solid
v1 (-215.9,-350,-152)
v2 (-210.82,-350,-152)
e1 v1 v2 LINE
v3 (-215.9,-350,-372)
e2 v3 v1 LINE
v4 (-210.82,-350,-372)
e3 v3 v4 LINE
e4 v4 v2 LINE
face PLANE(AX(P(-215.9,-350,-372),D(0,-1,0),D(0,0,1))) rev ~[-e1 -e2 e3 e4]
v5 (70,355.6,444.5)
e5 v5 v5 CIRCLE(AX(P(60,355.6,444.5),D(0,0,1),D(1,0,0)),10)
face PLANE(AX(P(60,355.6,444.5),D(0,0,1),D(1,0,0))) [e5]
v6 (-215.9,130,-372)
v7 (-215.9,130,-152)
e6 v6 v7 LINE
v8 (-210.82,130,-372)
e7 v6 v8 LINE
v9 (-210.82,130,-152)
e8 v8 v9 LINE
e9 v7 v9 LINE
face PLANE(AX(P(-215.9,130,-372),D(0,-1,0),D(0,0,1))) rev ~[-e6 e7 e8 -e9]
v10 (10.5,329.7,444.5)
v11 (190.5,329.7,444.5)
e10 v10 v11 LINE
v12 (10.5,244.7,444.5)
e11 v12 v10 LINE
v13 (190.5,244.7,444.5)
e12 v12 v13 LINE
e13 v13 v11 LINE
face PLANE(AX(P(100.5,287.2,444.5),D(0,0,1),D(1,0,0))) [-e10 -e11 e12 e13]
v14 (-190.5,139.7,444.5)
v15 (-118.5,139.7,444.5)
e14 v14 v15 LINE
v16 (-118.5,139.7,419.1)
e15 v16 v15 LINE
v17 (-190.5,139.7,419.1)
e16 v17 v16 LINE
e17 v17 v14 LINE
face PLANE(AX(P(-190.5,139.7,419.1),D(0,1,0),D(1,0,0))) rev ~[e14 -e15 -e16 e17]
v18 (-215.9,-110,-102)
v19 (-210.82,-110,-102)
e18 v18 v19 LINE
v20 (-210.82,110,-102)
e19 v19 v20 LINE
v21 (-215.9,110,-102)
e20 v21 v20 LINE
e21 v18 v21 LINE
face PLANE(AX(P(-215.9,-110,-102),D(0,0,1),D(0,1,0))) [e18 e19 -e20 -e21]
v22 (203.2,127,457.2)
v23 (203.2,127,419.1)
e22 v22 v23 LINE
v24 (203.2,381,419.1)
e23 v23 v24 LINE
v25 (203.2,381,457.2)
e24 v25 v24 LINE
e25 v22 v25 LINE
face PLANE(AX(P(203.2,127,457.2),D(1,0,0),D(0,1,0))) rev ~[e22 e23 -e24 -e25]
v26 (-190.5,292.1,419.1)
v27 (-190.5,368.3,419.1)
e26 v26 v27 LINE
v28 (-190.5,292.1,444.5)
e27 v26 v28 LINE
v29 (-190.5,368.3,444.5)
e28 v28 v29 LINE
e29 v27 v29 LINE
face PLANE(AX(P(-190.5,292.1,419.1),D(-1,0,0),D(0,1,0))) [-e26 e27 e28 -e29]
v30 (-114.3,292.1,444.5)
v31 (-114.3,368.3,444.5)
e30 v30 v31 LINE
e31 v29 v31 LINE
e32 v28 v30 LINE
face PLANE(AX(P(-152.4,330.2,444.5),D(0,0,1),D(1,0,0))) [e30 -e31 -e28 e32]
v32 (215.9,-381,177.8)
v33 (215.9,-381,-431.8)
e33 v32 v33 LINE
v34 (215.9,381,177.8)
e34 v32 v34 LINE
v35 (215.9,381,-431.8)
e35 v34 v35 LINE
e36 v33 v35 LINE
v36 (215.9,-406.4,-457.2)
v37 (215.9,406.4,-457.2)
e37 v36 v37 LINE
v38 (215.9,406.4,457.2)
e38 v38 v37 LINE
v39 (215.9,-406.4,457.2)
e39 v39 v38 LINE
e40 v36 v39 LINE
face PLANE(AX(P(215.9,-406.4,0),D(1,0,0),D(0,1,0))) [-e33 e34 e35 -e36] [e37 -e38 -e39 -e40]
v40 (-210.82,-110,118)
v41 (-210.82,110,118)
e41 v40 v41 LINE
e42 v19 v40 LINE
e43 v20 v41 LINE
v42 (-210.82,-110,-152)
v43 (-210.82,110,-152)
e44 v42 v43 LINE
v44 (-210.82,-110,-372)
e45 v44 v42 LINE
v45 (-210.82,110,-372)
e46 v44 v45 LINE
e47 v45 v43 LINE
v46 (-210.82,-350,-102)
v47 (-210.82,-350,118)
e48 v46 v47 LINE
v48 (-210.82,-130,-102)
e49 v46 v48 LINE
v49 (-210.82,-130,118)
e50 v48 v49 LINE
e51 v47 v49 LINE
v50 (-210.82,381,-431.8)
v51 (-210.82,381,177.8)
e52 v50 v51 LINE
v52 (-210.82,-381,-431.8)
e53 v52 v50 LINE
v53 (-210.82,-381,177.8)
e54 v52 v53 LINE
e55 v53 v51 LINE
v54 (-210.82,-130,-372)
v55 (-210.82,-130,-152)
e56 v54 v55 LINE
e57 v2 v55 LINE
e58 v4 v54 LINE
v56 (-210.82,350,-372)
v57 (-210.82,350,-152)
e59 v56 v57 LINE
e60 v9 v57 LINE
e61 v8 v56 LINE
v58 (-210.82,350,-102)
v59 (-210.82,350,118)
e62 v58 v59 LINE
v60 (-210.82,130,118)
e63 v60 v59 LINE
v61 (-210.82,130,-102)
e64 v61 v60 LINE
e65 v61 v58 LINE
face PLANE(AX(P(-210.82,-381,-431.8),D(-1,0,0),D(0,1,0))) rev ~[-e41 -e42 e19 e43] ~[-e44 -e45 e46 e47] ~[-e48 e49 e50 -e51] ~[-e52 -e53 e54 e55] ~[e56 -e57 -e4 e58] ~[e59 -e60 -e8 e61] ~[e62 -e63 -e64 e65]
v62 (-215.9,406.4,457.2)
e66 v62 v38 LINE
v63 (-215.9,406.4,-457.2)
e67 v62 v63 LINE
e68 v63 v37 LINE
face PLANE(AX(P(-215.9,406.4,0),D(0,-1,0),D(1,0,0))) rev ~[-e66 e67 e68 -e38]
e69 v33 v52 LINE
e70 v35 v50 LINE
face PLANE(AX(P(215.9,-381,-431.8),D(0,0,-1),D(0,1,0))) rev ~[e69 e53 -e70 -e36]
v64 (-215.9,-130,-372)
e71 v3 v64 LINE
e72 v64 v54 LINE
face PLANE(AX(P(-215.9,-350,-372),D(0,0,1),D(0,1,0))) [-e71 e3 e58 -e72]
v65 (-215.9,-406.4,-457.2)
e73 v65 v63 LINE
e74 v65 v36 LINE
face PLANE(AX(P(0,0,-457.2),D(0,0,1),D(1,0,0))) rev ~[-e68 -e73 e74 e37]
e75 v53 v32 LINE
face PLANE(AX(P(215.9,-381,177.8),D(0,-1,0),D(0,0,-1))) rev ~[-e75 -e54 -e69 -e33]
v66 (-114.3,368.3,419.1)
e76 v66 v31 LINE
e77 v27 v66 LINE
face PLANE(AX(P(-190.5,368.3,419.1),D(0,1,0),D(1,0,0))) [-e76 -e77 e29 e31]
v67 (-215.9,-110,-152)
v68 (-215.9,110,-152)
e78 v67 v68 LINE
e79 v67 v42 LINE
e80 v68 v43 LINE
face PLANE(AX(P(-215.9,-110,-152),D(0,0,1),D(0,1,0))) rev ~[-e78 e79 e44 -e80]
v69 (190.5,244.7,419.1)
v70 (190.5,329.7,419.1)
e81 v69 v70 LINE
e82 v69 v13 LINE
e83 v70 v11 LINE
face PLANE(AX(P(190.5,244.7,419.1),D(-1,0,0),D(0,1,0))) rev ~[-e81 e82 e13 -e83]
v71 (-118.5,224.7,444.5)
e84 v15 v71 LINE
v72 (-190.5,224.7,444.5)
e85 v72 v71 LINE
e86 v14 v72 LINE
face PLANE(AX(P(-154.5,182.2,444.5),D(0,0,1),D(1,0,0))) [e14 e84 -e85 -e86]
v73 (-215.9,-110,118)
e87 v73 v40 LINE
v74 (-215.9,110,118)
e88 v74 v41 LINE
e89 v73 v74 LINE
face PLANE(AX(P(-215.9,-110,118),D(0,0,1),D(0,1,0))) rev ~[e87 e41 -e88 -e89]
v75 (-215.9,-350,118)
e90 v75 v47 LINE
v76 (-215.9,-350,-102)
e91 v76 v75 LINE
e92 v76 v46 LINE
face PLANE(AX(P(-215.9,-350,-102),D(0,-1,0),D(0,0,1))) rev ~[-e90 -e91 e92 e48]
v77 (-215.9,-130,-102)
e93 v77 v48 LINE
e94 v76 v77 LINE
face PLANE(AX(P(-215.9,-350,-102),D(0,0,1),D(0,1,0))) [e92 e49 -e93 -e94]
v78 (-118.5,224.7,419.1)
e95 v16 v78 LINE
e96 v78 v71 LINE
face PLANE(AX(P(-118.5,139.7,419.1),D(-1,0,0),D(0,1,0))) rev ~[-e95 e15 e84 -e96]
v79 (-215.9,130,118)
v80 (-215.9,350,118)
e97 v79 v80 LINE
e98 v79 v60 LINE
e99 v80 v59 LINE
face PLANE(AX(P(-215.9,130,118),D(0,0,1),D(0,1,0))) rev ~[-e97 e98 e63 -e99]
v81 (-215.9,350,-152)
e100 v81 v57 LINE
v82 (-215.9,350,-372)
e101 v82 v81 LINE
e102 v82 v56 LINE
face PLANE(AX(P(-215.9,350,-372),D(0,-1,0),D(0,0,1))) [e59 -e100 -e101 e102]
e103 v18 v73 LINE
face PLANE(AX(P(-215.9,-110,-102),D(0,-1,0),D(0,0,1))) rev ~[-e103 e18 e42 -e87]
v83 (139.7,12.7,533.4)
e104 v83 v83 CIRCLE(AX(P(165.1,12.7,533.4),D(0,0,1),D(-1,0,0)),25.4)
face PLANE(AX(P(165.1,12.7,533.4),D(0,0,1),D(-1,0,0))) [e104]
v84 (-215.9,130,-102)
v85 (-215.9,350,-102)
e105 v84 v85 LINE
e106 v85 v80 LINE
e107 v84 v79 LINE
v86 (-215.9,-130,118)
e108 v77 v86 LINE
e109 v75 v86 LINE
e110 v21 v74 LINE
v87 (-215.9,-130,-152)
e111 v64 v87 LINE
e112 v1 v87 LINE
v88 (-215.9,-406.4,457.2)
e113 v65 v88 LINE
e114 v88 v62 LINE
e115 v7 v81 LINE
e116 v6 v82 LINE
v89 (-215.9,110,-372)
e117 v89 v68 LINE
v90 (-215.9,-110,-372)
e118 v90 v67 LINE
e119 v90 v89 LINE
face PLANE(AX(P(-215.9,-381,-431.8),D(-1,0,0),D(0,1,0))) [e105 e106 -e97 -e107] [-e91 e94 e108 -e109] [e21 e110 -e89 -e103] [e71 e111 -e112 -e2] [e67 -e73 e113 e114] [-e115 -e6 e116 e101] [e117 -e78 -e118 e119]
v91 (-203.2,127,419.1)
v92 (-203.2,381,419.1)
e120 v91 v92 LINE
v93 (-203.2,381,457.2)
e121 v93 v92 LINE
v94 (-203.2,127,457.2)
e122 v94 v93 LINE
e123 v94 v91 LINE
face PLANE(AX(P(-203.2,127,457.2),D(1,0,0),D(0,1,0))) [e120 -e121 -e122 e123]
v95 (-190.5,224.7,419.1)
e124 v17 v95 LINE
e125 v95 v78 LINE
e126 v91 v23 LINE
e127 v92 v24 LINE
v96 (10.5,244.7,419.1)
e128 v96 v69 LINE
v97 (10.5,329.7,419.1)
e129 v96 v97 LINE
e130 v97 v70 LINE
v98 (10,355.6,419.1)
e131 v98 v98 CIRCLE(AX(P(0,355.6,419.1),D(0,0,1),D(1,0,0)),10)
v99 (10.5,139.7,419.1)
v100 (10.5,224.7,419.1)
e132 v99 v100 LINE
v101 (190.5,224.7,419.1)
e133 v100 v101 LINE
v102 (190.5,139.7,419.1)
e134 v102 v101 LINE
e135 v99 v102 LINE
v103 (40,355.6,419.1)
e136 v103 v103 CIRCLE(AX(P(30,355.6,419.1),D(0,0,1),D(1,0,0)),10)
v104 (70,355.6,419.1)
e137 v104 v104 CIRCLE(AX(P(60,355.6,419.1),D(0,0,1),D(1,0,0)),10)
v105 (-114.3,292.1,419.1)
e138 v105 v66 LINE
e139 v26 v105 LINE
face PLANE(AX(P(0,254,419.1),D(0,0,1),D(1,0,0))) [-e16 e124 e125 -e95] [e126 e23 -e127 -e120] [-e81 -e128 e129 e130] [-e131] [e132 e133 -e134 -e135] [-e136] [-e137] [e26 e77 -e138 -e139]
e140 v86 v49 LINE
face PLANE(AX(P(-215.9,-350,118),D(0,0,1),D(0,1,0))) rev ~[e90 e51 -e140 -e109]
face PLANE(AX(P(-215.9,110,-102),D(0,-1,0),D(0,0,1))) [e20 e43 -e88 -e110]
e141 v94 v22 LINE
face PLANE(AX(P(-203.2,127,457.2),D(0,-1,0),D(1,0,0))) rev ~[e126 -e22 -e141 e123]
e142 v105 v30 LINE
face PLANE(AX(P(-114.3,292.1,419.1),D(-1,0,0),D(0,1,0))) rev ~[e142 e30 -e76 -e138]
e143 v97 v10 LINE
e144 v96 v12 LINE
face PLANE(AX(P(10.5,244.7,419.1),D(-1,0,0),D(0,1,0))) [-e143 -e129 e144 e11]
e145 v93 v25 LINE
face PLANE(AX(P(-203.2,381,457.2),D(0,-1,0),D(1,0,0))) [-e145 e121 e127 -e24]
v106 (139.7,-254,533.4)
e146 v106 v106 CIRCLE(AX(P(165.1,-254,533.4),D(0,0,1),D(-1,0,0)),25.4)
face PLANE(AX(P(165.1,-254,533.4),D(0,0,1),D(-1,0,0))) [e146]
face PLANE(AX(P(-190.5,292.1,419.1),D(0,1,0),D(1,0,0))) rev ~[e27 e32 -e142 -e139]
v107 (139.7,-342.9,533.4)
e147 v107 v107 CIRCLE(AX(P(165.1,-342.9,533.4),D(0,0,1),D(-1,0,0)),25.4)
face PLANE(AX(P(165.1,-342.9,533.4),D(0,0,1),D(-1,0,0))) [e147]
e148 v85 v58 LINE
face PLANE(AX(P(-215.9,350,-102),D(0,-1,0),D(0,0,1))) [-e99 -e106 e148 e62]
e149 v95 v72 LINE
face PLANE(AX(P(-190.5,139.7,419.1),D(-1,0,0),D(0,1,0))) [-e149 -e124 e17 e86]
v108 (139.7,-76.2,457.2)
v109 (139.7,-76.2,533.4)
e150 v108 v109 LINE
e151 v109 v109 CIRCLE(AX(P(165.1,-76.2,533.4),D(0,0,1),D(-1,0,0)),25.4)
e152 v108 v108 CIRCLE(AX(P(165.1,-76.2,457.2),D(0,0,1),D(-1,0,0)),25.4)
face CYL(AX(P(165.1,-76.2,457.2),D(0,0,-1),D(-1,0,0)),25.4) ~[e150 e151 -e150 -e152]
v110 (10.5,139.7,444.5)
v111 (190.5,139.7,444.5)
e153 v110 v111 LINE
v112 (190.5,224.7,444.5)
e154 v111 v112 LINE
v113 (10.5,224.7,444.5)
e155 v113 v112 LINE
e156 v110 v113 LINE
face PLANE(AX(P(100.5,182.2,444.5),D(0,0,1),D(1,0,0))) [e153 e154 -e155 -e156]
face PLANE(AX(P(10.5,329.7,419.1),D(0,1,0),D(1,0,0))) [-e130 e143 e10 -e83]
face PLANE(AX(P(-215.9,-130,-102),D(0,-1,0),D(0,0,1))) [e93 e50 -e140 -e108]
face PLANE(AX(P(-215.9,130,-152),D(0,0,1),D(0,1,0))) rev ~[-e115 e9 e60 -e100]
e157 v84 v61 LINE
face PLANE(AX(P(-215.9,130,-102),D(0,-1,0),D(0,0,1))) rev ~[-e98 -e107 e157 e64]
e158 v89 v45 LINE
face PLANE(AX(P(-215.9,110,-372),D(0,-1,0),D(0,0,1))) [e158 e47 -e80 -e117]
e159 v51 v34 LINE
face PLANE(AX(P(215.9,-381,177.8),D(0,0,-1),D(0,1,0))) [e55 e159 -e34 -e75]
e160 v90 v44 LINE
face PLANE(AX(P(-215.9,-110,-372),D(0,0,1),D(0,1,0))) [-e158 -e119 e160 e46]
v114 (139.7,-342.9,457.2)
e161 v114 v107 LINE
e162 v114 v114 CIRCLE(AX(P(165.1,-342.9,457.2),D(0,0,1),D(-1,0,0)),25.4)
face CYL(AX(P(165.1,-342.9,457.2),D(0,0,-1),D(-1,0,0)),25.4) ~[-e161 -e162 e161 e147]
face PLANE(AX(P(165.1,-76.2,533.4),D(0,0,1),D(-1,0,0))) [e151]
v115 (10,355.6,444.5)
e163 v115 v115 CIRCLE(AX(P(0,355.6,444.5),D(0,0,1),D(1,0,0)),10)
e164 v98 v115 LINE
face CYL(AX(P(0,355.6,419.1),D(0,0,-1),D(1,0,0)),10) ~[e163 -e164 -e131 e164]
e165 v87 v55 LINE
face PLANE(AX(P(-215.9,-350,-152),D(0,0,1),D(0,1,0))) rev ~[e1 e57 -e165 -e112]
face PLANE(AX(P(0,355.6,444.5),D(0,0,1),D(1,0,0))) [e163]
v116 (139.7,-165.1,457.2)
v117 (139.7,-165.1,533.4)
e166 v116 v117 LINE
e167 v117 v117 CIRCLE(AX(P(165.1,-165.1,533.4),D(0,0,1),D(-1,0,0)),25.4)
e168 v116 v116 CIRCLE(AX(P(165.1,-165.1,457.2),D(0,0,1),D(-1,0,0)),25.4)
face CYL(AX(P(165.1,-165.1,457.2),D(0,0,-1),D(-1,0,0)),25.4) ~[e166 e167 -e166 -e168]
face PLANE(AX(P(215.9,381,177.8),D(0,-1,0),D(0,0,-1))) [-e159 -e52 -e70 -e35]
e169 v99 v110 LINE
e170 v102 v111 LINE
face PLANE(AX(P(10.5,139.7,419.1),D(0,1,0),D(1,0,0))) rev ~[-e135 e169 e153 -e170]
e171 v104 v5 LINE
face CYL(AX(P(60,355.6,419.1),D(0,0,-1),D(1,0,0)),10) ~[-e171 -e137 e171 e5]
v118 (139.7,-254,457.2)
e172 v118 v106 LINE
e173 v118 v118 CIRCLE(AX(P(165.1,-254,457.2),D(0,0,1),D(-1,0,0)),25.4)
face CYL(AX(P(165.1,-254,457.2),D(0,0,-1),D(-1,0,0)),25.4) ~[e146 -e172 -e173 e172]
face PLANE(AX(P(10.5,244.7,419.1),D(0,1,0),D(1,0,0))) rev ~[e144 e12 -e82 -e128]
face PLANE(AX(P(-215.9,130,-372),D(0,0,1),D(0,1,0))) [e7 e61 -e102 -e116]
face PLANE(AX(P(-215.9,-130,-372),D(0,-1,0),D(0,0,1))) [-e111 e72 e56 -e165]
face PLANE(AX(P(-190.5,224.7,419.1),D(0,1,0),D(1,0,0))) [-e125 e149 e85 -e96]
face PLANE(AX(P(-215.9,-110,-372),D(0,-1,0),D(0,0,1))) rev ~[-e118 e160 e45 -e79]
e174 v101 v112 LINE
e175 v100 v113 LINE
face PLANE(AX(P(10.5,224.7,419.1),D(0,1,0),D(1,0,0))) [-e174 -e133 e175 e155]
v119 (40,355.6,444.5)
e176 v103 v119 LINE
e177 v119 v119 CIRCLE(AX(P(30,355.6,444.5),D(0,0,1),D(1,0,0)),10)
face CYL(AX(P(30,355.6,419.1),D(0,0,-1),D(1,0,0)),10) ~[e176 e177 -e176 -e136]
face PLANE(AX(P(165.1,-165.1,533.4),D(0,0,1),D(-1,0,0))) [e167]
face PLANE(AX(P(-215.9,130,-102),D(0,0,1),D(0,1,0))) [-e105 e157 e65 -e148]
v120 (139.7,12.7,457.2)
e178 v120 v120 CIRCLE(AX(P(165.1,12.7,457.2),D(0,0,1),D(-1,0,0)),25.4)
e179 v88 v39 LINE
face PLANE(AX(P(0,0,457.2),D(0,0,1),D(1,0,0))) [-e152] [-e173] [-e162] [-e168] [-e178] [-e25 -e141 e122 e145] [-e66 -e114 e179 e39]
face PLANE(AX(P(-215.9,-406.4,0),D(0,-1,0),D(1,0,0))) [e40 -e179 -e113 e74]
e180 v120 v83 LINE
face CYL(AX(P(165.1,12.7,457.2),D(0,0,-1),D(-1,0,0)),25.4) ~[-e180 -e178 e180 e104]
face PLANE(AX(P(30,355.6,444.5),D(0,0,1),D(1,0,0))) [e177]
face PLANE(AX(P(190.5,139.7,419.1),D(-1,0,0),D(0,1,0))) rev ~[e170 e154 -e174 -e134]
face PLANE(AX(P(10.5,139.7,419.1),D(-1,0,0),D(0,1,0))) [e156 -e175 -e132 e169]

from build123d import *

# Parameters (mm, degrees)
SKETCH2_W           = 431.8
SKETCH2_H           = 812.8
BOSS_EXTRUDE1_DEPTH = 457.2
SKETCH3_W           = 406.4
SKETCH3_H           = 254
CUT_EXTRUDE1_DEPTH  = 38.1
SKETCH3_4_R         = 25.4
BOSS_EXTRUDE2_DEPTH = 76.2
SKETCH5_R           = 10
SKETCH5_W           = 76.2
SKETCH5_H           = 76.2
SKETCH5_W_2         = 180
SKETCH5_H_2         = 85
SKETCH5_W_3         = 72
BOSS_EXTRUDE3_DEPTH = 25.4
SKETCH6_W           = 609.6
SKETCH6_H           = 762
CUT_EXTRUDE2_DEPTH  = 798.57617818
SKETCH7_W           = 5.08
SKETCH7_H           = 762
BOSS_EXTRUDE4_DEPTH = 609.6
SKETCH8_W           = 609.6
SKETCH8_H           = 762
CUT_EXTRUDE3_DEPTH  = 798.57617818
SKETCH9_W           = 5.08
SKETCH9_H           = 762
BOSS_EXTRUDE5_DEPTH = 609.6
SKETCH10_W          = 220
SKETCH10_H          = 220
CUT_EXTRUDE5_DEPTH  = 25.4


with BuildPart() as part:
    # Sketch2 → Boss-Extrude1 (new, symmetric)
    with BuildSketch(Plane.XY):
        Rectangle(SKETCH2_W, SKETCH2_H)
    extrude(amount=BOSS_EXTRUDE1_DEPTH, both=True)

    # Sketch3 → Cut-Extrude1 (cut)
    with BuildSketch(Plane.XY.offset(457.2)):
        with Locations((0, 254)):
            Rectangle(SKETCH3_W, SKETCH3_H)
    extrude(amount=-CUT_EXTRUDE1_DEPTH, mode=Mode.SUBTRACT)

    # Sketch3<4> → Boss-Extrude2 (add)
    with BuildSketch(Plane.XY.offset(457.2)):
        with Locations(Location((165.1, -342.9, 0), (0, 0, 180))):
            Circle(SKETCH3_4_R)
        with Locations(Location((165.1, -254, 0), (0, 0, 180))):
            Circle(SKETCH3_4_R)
        with Locations(Location((165.1, -165.1, 0), (0, 0, 180))):
            Circle(SKETCH3_4_R)
        with Locations(Location((165.1, -76.2, 0), (0, 0, 180))):
            Circle(SKETCH3_4_R)
        with Locations(Location((165.1, 12.7, 0), (0, 0, 180))):
            Circle(SKETCH3_4_R)
    extrude(amount=BOSS_EXTRUDE2_DEPTH)

    # Sketch5 → Boss-Extrude3 (add)
    with BuildSketch(Plane.XY.offset(419.1)):
        with Locations((0, 355.6)):
            Circle(SKETCH5_R)
        with Locations((30, 355.6)):
            Circle(SKETCH5_R)
        with Locations((60, 355.6)):
            Circle(SKETCH5_R)
        with Locations((-152.4, 330.2)):
            Rectangle(SKETCH5_W, SKETCH5_H)
        with Locations((100.5, 182.2)):
            Rectangle(SKETCH5_W_2, SKETCH5_H_2)
        with Locations((100.5, 287.2)):
            Rectangle(SKETCH5_W_2, SKETCH5_H_2)
        with Locations((-154.5, 182.2)):
            Rectangle(SKETCH5_W_3, SKETCH5_H_2)
    extrude(amount=BOSS_EXTRUDE3_DEPTH)

    # Sketch6 → Cut-Extrude2 (cut, through all)
    with BuildSketch(Plane(origin=(215.9, 0, 0), x_dir=(0, 0, -1), z_dir=(1, 0, 0))):
        with Locations((127, 0)):
            Rectangle(SKETCH6_W, SKETCH6_H)
    extrude(amount=-CUT_EXTRUDE2_DEPTH, mode=Mode.SUBTRACT)

    # Sketch7 → Boss-Extrude4 (add)
    with BuildSketch(Plane.XY.offset(-431.8)):
        with Locations((213.36, 0)):
            Rectangle(SKETCH7_W, SKETCH7_H)
    extrude(amount=BOSS_EXTRUDE4_DEPTH)

    # Sketch8 → Cut-Extrude3 (cut, through all)
    with BuildSketch(Plane(origin=(215.9, 0, 0), x_dir=(0, 0, -1), z_dir=(1, 0, 0))):
        with Locations((127, 0)):
            Rectangle(SKETCH8_W, SKETCH8_H)
    extrude(amount=-CUT_EXTRUDE3_DEPTH, mode=Mode.SUBTRACT)

    # Sketch9 → Boss-Extrude5 (add)
    with BuildSketch(Plane.XY.offset(-431.8)):
        with Locations((-213.36, 0)):
            Rectangle(SKETCH9_W, SKETCH9_H)
    extrude(amount=BOSS_EXTRUDE5_DEPTH)

    # Sketch10 → Cut-Extrude5 (cut)
    with BuildSketch(Plane.ZY.offset(215.9)):
        with Locations((-262, 240)):
            Rectangle(SKETCH10_W, SKETCH10_H)
        with Locations((-262, 0)):
            Rectangle(SKETCH10_W, SKETCH10_H)
        with Locations((-262, -240)):
            Rectangle(SKETCH10_W, SKETCH10_H)
        with Locations((8, -240)):
            Rectangle(SKETCH10_W, SKETCH10_H)
        with Locations((8, 240)):
            Rectangle(SKETCH10_W, SKETCH10_H)
        with Locations((8, 0)):
            Rectangle(SKETCH10_W, SKETCH10_H)
    extrude(amount=-CUT_EXTRUDE5_DEPTH, mode=Mode.SUBTRACT)


solid = part.part
